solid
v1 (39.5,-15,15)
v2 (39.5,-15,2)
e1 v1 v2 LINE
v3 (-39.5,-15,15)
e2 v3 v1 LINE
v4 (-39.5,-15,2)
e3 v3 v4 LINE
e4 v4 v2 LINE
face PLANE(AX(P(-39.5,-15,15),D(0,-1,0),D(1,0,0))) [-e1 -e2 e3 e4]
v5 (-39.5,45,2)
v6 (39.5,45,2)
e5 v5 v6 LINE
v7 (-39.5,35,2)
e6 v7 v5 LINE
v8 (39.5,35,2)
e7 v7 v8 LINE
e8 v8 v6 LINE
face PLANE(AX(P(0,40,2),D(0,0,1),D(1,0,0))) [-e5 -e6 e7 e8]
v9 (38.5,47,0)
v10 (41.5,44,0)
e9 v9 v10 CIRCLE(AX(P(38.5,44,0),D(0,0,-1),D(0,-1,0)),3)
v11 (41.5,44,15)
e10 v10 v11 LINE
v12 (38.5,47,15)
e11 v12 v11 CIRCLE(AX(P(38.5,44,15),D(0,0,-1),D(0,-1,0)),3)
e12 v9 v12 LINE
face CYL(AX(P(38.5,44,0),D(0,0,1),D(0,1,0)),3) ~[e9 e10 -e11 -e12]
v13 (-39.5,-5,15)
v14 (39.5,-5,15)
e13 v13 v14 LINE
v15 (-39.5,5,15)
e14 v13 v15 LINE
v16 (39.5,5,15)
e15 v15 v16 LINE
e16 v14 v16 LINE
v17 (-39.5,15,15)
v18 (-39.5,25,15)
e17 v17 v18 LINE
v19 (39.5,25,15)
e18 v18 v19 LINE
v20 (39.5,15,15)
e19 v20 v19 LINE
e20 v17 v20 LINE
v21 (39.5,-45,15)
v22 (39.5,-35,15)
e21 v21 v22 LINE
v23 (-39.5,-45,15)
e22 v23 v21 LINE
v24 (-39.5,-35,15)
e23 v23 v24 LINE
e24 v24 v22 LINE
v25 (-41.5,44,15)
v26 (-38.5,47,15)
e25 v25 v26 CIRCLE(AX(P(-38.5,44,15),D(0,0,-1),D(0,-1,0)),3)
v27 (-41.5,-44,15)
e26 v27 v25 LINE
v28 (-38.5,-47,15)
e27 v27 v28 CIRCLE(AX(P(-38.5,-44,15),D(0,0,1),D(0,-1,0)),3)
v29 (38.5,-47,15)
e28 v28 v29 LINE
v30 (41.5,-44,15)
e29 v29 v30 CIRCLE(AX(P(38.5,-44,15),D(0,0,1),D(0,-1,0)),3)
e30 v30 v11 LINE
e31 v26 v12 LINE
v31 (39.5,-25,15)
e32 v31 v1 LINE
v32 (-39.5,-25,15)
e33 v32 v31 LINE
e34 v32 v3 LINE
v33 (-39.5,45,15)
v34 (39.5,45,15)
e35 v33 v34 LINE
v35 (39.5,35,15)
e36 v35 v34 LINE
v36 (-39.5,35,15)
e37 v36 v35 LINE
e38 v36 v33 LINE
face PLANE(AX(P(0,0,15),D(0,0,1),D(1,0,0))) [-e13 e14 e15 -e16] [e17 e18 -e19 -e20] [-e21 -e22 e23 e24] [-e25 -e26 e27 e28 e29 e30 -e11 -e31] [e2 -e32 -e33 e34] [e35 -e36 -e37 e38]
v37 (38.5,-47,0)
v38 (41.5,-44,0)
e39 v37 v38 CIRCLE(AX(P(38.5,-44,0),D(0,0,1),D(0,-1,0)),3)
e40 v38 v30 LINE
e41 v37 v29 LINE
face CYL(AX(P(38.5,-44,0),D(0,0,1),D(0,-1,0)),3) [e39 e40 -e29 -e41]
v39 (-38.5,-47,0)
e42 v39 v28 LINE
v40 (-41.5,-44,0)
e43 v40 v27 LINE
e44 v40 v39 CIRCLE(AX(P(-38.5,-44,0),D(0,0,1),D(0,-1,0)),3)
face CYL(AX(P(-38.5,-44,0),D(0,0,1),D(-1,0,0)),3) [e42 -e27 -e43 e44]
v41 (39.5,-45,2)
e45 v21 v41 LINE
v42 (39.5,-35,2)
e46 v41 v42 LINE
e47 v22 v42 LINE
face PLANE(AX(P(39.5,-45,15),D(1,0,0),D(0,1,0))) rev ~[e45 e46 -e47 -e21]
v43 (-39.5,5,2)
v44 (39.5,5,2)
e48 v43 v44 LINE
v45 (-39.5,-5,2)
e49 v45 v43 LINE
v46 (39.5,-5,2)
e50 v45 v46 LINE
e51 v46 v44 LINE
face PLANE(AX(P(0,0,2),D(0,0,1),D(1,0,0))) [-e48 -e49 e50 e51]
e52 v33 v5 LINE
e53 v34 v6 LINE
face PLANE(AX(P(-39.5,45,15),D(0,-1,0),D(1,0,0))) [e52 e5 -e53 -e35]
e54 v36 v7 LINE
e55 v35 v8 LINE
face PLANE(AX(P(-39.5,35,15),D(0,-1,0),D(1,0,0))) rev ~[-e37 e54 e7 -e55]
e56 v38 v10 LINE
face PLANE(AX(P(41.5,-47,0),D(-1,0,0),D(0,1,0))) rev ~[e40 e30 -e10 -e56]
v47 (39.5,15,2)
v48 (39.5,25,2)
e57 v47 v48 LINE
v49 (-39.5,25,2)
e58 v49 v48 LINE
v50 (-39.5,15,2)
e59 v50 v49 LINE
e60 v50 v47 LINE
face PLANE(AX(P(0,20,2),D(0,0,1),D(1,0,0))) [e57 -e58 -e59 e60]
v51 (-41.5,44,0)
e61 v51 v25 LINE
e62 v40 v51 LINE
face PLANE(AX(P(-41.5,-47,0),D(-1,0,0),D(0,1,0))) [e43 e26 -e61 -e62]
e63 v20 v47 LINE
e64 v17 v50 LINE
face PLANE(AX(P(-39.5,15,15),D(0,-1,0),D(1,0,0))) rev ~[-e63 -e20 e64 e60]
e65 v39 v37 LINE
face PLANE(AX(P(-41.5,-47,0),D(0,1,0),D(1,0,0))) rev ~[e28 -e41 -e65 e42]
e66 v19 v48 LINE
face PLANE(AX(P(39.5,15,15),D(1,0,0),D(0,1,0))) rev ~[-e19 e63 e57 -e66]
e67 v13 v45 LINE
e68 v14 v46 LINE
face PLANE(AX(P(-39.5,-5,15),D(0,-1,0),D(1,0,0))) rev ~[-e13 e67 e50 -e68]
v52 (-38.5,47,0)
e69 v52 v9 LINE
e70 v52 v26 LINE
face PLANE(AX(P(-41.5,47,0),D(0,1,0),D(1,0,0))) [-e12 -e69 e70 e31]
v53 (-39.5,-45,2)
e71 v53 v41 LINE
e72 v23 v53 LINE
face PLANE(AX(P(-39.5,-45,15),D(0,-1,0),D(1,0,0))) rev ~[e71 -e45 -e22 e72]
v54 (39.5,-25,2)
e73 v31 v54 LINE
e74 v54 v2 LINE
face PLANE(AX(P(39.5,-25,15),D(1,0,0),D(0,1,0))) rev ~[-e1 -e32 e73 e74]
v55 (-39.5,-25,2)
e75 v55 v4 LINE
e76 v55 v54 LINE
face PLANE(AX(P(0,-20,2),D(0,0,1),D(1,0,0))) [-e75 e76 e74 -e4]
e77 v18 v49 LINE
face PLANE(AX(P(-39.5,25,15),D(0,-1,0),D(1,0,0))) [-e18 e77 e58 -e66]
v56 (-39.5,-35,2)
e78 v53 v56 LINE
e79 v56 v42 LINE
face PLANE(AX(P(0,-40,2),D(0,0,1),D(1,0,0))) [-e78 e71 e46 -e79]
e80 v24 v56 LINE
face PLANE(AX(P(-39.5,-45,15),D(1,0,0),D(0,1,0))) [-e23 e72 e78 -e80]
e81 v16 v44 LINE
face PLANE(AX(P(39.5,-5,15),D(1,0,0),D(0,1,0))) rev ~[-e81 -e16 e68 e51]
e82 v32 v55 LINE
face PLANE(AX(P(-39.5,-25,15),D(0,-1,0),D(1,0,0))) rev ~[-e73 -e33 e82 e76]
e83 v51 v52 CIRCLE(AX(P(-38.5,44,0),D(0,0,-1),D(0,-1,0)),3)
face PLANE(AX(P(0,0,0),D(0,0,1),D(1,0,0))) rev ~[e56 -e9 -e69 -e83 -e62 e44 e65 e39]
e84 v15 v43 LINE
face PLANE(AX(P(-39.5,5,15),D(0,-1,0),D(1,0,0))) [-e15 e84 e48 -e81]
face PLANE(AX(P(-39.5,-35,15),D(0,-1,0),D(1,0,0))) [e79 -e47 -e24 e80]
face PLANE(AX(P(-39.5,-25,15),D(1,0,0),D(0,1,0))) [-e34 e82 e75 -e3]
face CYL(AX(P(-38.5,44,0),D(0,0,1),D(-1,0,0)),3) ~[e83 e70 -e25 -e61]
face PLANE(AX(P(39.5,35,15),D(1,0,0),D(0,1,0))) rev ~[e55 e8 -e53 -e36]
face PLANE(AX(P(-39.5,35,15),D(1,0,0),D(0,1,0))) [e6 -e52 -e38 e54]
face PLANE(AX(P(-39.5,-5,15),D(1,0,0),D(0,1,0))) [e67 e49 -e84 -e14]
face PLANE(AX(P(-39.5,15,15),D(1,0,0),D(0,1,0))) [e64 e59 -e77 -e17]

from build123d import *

# Parameters (mm, degrees)
SKETCH_W            = 83
SKETCH_H            = 94
PAD_DEPTH           = 15
SKETCH001_W         = 79
SKETCH001_H         = 10
POCKET_DEPTH        = 13
LINEARPATTERN_COUNT = 5
LINEARPATTERN_PITCH = 20
FILLET_R            = 3


with BuildPart() as part:
    # Sketch → Pad (new body)
    with BuildSketch(Plane.XY):
        Rectangle(SKETCH_W, SKETCH_H)
    extrude(amount=PAD_DEPTH)

    # Sketch001 (on Face6 of Pad) → Pocket (cut)
    with BuildSketch(Plane.XY.offset(15)):
        with Locations((0, 40)):
            Rectangle(SKETCH001_W, SKETCH001_H)
    pocket = extrude(amount=-POCKET_DEPTH, mode=Mode.SUBTRACT)

    # LinearPattern: Pocket ×5
    with Locations(*[(0, -i * LINEARPATTERN_PITCH, 0) for i in range(1, LINEARPATTERN_COUNT)]):
        add(pocket, mode=Mode.SUBTRACT)

    # Fillet
    fillet_edges = [part.edges().sort_by_distance(p)[0] for p in [
        (-41.5, 47, 7.5),
        (41.5, 47, 7.5),
        (-41.5, -47, 7.5),
        (41.5, -47, 7.5),
    ]]
    fillet(fillet_edges, radius=FILLET_R)


solid = part.part
